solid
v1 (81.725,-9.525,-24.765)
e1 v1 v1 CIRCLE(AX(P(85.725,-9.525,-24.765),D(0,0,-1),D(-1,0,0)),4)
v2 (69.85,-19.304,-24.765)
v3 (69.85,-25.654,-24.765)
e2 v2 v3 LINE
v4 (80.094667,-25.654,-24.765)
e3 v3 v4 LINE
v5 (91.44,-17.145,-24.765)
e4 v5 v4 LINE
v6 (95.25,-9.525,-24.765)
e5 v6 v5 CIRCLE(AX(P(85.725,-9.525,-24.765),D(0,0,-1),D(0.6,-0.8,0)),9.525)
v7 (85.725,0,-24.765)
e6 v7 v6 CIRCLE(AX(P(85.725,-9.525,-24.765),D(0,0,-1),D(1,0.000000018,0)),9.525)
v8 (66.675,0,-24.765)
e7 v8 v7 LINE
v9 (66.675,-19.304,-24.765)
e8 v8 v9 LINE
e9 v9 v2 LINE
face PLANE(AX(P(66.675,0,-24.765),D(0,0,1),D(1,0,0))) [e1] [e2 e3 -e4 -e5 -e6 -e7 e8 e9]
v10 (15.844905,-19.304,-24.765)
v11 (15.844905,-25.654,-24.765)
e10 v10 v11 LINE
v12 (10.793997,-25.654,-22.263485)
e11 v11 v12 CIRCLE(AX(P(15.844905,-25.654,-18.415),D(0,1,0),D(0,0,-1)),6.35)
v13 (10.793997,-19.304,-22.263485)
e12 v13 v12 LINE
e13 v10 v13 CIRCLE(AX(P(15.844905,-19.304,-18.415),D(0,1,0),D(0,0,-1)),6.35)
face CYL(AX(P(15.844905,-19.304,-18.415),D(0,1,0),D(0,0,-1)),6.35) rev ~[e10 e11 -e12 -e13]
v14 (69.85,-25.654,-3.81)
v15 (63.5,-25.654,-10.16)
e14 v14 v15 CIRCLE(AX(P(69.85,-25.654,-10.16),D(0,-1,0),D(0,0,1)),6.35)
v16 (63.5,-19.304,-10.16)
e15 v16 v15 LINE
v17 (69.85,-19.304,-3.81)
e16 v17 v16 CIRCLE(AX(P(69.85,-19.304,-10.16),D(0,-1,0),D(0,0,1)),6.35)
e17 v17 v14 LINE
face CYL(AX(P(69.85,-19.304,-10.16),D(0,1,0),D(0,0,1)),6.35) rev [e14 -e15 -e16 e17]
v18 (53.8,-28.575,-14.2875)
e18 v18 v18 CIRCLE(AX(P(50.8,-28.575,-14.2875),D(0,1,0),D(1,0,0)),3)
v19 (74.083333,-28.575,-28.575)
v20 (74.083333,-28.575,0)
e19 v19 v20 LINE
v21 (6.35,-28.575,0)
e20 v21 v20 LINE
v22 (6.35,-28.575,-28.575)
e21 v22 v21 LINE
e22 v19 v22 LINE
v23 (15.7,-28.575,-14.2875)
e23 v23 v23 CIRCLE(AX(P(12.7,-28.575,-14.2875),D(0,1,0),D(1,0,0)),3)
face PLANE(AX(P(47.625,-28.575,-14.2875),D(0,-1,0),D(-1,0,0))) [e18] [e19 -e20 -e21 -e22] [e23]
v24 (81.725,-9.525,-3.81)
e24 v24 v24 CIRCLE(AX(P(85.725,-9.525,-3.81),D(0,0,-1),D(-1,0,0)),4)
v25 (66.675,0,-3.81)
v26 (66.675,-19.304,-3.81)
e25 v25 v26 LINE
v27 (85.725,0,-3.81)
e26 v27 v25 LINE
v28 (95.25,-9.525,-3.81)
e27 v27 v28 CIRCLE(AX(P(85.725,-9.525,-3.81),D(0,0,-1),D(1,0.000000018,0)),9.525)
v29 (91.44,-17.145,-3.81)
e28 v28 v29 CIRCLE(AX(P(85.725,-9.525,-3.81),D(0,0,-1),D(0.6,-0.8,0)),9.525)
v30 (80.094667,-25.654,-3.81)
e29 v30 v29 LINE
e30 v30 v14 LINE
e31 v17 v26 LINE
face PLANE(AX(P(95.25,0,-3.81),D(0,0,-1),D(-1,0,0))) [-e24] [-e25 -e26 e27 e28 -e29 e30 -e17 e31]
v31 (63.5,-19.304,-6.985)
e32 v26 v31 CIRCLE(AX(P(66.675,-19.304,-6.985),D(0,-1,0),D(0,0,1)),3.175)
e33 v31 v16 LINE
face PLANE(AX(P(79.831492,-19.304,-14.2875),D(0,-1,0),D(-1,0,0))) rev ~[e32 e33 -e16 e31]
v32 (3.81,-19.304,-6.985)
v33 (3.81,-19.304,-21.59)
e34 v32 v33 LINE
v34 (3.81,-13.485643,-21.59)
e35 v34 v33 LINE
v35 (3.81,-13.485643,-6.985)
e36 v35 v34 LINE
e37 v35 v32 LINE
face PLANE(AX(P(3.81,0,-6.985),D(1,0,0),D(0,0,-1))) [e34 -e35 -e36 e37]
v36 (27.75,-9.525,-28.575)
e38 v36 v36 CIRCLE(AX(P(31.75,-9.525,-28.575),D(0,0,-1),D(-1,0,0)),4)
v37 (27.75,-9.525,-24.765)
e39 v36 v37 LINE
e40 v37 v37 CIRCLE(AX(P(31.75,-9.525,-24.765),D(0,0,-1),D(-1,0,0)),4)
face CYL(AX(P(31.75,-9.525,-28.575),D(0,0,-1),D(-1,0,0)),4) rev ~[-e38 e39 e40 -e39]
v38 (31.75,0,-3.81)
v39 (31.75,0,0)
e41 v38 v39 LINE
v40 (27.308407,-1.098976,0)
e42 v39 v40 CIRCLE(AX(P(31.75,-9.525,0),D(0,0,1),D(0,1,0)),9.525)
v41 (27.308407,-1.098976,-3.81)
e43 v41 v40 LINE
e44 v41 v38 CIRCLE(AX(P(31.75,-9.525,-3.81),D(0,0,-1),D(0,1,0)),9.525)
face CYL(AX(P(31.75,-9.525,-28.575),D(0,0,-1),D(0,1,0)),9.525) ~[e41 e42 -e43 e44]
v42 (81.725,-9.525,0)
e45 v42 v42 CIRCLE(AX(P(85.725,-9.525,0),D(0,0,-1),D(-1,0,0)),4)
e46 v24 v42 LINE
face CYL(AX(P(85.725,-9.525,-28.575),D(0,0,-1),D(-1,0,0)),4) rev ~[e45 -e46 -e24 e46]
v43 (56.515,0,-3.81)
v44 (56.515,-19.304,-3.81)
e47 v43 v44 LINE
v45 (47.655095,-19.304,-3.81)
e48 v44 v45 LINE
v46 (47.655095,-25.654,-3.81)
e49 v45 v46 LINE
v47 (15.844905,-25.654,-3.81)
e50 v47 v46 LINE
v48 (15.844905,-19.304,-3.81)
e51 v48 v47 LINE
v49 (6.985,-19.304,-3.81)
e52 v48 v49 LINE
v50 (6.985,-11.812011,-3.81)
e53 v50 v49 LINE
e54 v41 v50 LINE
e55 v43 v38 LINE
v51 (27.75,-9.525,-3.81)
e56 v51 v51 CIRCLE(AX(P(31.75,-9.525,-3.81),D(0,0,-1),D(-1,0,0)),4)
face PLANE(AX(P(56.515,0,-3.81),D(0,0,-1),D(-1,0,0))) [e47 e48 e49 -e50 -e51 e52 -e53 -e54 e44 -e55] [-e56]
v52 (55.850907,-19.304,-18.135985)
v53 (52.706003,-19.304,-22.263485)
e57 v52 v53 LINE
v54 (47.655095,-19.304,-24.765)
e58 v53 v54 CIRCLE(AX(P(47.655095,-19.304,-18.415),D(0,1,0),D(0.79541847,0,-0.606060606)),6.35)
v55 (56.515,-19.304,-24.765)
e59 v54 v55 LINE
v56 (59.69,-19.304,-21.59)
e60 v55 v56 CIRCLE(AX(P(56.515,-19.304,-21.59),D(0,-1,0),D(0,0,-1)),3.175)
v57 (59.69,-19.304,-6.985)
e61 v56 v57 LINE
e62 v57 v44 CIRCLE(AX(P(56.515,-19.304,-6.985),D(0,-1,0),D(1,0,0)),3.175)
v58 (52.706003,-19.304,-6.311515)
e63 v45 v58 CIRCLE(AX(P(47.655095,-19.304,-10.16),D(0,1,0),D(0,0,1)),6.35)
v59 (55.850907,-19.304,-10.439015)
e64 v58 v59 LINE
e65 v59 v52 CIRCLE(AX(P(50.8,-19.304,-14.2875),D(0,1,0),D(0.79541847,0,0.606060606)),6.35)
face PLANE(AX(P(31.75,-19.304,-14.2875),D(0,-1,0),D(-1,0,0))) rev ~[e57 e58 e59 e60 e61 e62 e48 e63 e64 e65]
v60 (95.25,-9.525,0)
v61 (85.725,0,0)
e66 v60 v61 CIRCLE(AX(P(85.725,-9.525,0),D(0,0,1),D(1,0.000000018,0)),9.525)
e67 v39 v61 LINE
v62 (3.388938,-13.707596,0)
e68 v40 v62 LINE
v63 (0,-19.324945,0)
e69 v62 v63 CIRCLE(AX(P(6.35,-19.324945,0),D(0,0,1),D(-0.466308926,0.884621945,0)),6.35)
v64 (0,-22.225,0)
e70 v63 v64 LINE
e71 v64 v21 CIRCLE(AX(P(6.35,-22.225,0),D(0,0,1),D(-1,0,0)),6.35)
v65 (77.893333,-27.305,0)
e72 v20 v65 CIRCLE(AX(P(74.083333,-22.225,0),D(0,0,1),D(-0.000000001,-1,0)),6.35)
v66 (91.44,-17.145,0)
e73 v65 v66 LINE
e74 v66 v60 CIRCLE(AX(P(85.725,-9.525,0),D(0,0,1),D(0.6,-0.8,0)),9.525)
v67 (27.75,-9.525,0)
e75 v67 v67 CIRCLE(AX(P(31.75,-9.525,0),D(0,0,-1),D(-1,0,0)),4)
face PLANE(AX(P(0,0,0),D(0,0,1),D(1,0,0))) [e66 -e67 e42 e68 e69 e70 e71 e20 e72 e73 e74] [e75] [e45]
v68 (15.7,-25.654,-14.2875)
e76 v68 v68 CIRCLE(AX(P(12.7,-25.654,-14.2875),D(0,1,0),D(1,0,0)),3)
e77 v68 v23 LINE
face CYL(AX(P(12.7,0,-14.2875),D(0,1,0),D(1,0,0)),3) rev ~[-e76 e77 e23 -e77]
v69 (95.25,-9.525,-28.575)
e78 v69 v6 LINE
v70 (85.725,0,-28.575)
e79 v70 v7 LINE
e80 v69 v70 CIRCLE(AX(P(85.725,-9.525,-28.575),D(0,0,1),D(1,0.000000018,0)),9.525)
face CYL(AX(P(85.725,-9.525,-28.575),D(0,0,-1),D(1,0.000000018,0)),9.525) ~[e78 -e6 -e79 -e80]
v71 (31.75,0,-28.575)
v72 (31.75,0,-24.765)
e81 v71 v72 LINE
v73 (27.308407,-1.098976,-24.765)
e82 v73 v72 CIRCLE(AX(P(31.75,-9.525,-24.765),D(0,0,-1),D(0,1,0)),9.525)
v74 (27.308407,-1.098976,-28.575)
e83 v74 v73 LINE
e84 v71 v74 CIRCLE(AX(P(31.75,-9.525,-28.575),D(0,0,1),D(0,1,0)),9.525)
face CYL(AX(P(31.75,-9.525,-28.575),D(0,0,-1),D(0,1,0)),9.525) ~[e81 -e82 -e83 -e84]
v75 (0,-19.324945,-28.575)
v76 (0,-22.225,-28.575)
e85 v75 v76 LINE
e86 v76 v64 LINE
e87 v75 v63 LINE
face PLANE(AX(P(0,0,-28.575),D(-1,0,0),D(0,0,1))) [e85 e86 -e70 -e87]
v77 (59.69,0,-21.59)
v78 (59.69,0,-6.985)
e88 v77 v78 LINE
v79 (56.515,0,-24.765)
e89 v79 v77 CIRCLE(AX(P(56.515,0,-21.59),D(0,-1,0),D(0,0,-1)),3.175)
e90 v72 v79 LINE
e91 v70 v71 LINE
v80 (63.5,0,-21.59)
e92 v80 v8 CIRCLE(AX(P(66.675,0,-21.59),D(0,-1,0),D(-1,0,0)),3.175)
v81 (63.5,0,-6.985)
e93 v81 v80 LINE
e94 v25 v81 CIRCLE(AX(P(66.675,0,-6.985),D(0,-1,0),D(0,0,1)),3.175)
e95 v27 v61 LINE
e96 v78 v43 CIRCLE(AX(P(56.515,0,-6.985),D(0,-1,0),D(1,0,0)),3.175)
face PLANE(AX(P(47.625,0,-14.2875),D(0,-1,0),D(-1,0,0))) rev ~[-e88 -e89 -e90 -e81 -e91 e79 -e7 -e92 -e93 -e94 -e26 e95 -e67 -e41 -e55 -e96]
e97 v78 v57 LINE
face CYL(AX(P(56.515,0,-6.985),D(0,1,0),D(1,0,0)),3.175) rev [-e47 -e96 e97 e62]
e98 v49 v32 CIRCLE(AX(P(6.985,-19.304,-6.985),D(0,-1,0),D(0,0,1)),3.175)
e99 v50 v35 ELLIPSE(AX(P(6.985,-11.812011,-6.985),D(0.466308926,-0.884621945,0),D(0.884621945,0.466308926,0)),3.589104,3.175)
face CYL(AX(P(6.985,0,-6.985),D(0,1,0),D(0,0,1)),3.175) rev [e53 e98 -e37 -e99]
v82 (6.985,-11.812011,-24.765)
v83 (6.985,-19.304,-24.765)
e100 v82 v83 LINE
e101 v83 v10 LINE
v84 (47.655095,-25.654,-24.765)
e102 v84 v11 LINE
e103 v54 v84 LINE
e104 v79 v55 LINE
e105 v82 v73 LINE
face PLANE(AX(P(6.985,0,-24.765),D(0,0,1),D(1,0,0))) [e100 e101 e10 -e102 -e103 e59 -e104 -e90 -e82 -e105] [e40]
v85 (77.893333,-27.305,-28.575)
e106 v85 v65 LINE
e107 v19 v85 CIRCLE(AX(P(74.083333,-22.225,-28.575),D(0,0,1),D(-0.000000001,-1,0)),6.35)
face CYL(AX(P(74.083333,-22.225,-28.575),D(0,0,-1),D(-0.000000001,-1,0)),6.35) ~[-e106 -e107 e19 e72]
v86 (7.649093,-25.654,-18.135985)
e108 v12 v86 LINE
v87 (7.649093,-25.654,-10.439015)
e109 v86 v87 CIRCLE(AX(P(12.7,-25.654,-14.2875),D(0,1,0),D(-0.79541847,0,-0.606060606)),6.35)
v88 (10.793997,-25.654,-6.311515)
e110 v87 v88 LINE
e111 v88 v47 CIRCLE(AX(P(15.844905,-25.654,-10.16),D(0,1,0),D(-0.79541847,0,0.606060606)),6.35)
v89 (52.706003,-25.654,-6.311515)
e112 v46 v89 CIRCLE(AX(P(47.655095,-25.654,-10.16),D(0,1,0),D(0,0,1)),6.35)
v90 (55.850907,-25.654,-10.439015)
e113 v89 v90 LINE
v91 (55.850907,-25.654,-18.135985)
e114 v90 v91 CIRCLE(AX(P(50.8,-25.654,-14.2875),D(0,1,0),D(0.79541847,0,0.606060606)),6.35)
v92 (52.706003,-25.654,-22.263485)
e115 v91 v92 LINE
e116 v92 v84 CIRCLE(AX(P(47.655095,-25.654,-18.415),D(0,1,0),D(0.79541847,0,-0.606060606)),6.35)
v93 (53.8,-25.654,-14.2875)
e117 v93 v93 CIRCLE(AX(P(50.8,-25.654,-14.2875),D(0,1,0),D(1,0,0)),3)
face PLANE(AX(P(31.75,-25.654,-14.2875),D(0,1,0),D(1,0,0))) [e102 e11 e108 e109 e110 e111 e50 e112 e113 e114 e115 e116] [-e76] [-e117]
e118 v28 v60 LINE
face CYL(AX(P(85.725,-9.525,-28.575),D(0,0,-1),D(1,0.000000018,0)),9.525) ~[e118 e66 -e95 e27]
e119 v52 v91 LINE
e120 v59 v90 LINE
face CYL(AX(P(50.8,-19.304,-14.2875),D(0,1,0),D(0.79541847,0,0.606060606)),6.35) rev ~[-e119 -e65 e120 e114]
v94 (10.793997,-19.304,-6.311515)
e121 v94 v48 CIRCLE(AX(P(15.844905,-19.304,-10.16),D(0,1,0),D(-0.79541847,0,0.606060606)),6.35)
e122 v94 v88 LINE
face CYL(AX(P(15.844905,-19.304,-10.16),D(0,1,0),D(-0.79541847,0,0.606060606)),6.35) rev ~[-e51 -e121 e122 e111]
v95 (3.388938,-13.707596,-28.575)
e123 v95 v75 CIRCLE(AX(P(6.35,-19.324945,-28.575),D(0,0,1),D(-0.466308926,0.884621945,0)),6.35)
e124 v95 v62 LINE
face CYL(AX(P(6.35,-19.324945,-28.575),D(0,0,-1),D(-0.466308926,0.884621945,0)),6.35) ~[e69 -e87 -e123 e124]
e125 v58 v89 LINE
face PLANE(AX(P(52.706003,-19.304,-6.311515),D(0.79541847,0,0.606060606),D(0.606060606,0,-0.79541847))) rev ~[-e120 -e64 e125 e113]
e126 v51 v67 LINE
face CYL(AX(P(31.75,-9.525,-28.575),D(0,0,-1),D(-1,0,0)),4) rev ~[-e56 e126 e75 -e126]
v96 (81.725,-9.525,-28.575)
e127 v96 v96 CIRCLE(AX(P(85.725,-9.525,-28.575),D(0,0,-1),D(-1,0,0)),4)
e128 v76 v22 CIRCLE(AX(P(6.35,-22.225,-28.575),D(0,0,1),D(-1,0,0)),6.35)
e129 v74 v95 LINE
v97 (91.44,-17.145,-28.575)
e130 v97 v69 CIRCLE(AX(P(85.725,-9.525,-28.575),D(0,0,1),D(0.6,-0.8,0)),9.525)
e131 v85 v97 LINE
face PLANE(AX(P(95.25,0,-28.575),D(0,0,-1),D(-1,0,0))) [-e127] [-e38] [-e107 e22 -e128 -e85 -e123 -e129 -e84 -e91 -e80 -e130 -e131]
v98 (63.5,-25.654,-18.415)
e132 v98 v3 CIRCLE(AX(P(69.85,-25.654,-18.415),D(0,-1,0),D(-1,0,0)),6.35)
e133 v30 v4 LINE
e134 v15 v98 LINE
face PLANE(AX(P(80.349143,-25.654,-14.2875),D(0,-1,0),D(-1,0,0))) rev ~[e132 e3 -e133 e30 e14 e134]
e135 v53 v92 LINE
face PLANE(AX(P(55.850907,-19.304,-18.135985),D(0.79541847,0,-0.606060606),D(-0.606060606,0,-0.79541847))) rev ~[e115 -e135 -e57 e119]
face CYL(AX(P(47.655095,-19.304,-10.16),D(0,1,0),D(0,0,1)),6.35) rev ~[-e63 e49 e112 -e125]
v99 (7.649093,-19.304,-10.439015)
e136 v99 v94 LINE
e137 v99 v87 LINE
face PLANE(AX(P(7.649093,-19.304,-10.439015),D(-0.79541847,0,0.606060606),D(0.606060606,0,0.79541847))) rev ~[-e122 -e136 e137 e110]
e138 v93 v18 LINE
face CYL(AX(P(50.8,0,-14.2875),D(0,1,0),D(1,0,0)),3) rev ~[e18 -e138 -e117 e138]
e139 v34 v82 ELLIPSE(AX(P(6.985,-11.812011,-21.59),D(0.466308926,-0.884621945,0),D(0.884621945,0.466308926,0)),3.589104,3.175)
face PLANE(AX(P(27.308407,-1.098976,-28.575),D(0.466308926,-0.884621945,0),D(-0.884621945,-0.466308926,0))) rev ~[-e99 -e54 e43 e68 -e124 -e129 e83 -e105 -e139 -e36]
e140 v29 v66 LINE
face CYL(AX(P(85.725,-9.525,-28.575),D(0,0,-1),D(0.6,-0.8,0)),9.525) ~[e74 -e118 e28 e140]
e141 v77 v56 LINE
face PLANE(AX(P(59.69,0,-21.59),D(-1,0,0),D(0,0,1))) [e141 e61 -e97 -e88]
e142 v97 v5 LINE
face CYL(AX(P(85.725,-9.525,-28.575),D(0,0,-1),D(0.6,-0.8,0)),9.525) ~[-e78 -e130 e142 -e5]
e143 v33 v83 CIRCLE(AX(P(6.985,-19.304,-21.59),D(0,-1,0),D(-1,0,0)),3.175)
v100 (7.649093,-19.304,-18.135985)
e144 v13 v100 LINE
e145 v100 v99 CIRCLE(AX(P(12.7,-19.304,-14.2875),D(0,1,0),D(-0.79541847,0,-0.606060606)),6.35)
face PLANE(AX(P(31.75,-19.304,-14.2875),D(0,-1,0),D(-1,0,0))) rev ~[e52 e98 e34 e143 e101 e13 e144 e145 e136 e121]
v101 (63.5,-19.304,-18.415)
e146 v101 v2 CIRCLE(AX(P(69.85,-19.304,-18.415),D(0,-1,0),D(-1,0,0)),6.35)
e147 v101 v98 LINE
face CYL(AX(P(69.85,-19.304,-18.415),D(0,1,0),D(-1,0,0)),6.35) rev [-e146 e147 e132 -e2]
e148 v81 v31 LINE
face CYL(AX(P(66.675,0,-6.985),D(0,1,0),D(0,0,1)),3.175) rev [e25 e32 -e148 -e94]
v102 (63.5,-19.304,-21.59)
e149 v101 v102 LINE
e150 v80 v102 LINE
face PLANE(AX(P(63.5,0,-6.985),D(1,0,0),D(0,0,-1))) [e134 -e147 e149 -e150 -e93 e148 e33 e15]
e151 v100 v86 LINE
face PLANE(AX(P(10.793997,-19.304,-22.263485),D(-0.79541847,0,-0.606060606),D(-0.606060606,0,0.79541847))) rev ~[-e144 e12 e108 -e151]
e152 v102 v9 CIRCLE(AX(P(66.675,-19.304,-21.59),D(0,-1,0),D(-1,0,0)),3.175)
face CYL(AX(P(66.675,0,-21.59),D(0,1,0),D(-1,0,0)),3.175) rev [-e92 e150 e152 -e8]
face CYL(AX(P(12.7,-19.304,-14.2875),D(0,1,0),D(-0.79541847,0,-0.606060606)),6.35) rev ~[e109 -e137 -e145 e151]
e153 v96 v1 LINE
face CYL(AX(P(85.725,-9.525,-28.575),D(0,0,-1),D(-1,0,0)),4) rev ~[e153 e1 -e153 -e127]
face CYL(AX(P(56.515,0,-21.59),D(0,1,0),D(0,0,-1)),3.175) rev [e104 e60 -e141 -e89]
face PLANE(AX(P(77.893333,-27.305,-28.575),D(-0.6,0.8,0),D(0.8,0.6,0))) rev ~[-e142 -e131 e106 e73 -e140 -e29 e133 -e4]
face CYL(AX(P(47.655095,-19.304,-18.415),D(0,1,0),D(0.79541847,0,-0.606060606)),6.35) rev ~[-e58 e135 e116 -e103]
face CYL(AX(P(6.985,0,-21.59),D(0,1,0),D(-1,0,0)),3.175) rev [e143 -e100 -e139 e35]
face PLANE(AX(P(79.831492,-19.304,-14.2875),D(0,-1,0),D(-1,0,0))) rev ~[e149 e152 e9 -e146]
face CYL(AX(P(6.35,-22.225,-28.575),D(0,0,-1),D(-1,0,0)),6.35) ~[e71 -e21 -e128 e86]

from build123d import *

# Parameters (mm, degrees)
SKETCH1_R           = 3
BOSS_EXTRUDE1_DEPTH = 28.575
CUT_EXTRUDE1_DEPTH  = 19.304
SKETCH9_R           = 3
CUT_EXTRUDE7_DEPTH  = 6.35
SKETCH5_R           = 4
CUT_EXTRUDE3_DEPTH  = 28.575


with BuildPart() as part:
    # Sketch1 → Boss-Extrude1 (new body)
    with BuildSketch(Plane(origin=(0, 0, 0), x_dir=(1, 0, 0), z_dir=(0, 1, 0))):
        Polygon((0, 6.35), (0, 22.225), (0, 28.575), (6.35, 28.575), (88.9, 28.575), (95.25, 28.575), (95.25, 0), (88.9, 0), (6.35, 0), (0, 0), align=None)
        with Locations((12.7, 14.2875)):
            Circle(SKETCH1_R, mode=Mode.SUBTRACT)
        with Locations((50.8, 14.2875)):
            Circle(SKETCH1_R, mode=Mode.SUBTRACT)
    extrude(amount=-BOSS_EXTRUDE1_DEPTH)

    # Sketch2 → Cut-Extrude1 (cut)
    with BuildSketch(Plane(origin=(0, 0, 0), x_dir=(1, 0, 0), z_dir=(0, 1, 0))):
        with BuildLine():
            Line((3.81, 6.985), (3.81, 21.59))
            ThreePointArc((3.81, 21.59), (4.73993597, 23.83506403), (6.985, 24.765))
            Line((6.985, 24.765), (56.515, 24.765))
            ThreePointArc((56.515, 24.765), (58.76006403, 23.83506403), (59.69, 21.59))
            Line((59.69, 21.59), (59.69, 6.985))
            ThreePointArc((59.69, 6.985), (58.76006403, 4.73993597), (56.515, 3.81))
            Line((56.515, 3.81), (6.985, 3.81))
            ThreePointArc((6.985, 3.81), (4.73993597, 4.73993597), (3.81, 6.985))
        make_face()
        with BuildLine():
            Line((63.5, 6.985), (63.5, 21.59))
            ThreePointArc((63.5, 21.59), (64.42993597, 23.83506403), (66.675, 24.765))
            Line((66.675, 24.765), (95.25, 24.765))
            Line((95.25, 24.765), (95.25, 3.81))
            Line((95.25, 3.81), (66.675, 3.81))
            ThreePointArc((66.675, 3.81), (64.42993597, 4.73993597), (63.5, 6.985))
        make_face()
    extrude(amount=-CUT_EXTRUDE1_DEPTH, mode=Mode.SUBTRACT)

    # Sketch9 → Cut-Extrude7 (cut)
    with BuildSketch(Plane(origin=(0, -19.304, 0), x_dir=(1, 0, 0), z_dir=(0, 1, 0))):
        with BuildLine():
            Line((10.793997252, 22.263484848), (7.649092718, 18.135984848))
            ThreePointArc((7.649092718, 18.135984848), (6.35, 14.2875), (7.649092718, 10.439015152))
            Line((7.649092718, 10.439015152), (10.793997252, 6.311515152))
            ThreePointArc((10.793997252, 6.311515152), (13.026694001, 4.469640662), (15.844904534, 3.81))
            Line((15.844904534, 3.81), (47.655095466, 3.81))
            ThreePointArc((47.655095466, 3.81), (50.473305999, 4.469640662), (52.706002748, 6.311515152))
            Line((52.706002748, 6.311515152), (55.850907282, 10.439015152))
            ThreePointArc((55.850907282, 10.439015152), (57.15, 14.2875), (55.850907282, 18.135984848))
            Line((55.850907282, 18.135984848), (52.706002748, 22.263484848))
            ThreePointArc((52.706002748, 22.263484848), (50.473305999, 24.105359338), (47.655095466, 24.765))
            Line((47.655095466, 24.765), (15.844904534, 24.765))
            ThreePointArc((15.844904534, 24.765), (13.026694001, 24.105359338), (10.793997252, 22.263484848))
        make_face()
        with Locations((12.7, 14.2875)):
            Circle(SKETCH9_R, mode=Mode.SUBTRACT)
        with Locations((50.8, 14.2875)):
            Circle(SKETCH9_R, mode=Mode.SUBTRACT)
        with BuildLine():
            ThreePointArc((63.5, 18.415), (65.359871939, 22.905128061), (69.85, 24.765))
            Line((69.85, 24.765), (95.25, 24.765))
            Line((95.25, 24.765), (95.25, 3.81))
            Line((95.25, 3.81), (69.85, 3.81))
            ThreePointArc((69.85, 3.81), (65.359871939, 5.669871939), (63.5, 10.16))
            Line((63.5, 10.16), (63.5, 18.415))
        make_face()
    extrude(amount=-CUT_EXTRUDE7_DEPTH, mode=Mode.SUBTRACT)

    # Sketch5 → Cut-Extrude3 (cut)
    with BuildSketch(Plane(origin=(0, 0, -28.575), x_dir=(-1, 0, 0), z_dir=(0, 0, -1))):
        with BuildLine():
            Line((-95.25, 0), (-95.25, -9.524999828))
            ThreePointArc((-95.25, -9.524999828), (-92.46019203, -2.789807848), (-85.725, 0))
            Line((-85.725, 0), (-95.25, 0))
        make_face()
        with BuildLine():
            Line((-77.893333333, -27.305), (-91.44, -17.145))
            ThreePointArc((-91.44, -17.145), (-94.244419033, -13.78470942), (-95.25, -9.524999828))
            Line((-95.25, -9.524999828), (-95.25, -28.575))
            Line((-95.25, -28.575), (-74.083333333, -28.575))
            ThreePointArc((-74.083333333, -28.575), (-76.091379648, -28.249138943), (-77.893333333, -27.305))
        make_face()
        with BuildLine():
            ThreePointArc((-31.75, 0), (-29.462234044, -0.278825011), (-27.308407483, -1.098975973))
            Line((-27.308407483, -1.098975973), (-3.388938322, -13.707595992))
            ThreePointArc((-3.388938322, -13.707595992), (-0.912848096, -16.044719868), (0, -19.324945344))
            Line((0, -19.324945344), (0, 0))
            Line((0, 0), (-31.75, 0))
        make_face()
        with BuildLine():
            Line((0, -28.575), (0, -22.225))
            ThreePointArc((0, -22.225), (-1.859871939, -26.715128061), (-6.35, -28.575))
            Line((-6.35, -28.575), (0, -28.575))
        make_face()
        with Locations((-31.75, -9.525)):
            Circle(SKETCH5_R)
        with Locations((-85.725, -9.525)):
            Circle(SKETCH5_R)
    extrude(amount=-CUT_EXTRUDE3_DEPTH, mode=Mode.SUBTRACT)


solid = part.part
